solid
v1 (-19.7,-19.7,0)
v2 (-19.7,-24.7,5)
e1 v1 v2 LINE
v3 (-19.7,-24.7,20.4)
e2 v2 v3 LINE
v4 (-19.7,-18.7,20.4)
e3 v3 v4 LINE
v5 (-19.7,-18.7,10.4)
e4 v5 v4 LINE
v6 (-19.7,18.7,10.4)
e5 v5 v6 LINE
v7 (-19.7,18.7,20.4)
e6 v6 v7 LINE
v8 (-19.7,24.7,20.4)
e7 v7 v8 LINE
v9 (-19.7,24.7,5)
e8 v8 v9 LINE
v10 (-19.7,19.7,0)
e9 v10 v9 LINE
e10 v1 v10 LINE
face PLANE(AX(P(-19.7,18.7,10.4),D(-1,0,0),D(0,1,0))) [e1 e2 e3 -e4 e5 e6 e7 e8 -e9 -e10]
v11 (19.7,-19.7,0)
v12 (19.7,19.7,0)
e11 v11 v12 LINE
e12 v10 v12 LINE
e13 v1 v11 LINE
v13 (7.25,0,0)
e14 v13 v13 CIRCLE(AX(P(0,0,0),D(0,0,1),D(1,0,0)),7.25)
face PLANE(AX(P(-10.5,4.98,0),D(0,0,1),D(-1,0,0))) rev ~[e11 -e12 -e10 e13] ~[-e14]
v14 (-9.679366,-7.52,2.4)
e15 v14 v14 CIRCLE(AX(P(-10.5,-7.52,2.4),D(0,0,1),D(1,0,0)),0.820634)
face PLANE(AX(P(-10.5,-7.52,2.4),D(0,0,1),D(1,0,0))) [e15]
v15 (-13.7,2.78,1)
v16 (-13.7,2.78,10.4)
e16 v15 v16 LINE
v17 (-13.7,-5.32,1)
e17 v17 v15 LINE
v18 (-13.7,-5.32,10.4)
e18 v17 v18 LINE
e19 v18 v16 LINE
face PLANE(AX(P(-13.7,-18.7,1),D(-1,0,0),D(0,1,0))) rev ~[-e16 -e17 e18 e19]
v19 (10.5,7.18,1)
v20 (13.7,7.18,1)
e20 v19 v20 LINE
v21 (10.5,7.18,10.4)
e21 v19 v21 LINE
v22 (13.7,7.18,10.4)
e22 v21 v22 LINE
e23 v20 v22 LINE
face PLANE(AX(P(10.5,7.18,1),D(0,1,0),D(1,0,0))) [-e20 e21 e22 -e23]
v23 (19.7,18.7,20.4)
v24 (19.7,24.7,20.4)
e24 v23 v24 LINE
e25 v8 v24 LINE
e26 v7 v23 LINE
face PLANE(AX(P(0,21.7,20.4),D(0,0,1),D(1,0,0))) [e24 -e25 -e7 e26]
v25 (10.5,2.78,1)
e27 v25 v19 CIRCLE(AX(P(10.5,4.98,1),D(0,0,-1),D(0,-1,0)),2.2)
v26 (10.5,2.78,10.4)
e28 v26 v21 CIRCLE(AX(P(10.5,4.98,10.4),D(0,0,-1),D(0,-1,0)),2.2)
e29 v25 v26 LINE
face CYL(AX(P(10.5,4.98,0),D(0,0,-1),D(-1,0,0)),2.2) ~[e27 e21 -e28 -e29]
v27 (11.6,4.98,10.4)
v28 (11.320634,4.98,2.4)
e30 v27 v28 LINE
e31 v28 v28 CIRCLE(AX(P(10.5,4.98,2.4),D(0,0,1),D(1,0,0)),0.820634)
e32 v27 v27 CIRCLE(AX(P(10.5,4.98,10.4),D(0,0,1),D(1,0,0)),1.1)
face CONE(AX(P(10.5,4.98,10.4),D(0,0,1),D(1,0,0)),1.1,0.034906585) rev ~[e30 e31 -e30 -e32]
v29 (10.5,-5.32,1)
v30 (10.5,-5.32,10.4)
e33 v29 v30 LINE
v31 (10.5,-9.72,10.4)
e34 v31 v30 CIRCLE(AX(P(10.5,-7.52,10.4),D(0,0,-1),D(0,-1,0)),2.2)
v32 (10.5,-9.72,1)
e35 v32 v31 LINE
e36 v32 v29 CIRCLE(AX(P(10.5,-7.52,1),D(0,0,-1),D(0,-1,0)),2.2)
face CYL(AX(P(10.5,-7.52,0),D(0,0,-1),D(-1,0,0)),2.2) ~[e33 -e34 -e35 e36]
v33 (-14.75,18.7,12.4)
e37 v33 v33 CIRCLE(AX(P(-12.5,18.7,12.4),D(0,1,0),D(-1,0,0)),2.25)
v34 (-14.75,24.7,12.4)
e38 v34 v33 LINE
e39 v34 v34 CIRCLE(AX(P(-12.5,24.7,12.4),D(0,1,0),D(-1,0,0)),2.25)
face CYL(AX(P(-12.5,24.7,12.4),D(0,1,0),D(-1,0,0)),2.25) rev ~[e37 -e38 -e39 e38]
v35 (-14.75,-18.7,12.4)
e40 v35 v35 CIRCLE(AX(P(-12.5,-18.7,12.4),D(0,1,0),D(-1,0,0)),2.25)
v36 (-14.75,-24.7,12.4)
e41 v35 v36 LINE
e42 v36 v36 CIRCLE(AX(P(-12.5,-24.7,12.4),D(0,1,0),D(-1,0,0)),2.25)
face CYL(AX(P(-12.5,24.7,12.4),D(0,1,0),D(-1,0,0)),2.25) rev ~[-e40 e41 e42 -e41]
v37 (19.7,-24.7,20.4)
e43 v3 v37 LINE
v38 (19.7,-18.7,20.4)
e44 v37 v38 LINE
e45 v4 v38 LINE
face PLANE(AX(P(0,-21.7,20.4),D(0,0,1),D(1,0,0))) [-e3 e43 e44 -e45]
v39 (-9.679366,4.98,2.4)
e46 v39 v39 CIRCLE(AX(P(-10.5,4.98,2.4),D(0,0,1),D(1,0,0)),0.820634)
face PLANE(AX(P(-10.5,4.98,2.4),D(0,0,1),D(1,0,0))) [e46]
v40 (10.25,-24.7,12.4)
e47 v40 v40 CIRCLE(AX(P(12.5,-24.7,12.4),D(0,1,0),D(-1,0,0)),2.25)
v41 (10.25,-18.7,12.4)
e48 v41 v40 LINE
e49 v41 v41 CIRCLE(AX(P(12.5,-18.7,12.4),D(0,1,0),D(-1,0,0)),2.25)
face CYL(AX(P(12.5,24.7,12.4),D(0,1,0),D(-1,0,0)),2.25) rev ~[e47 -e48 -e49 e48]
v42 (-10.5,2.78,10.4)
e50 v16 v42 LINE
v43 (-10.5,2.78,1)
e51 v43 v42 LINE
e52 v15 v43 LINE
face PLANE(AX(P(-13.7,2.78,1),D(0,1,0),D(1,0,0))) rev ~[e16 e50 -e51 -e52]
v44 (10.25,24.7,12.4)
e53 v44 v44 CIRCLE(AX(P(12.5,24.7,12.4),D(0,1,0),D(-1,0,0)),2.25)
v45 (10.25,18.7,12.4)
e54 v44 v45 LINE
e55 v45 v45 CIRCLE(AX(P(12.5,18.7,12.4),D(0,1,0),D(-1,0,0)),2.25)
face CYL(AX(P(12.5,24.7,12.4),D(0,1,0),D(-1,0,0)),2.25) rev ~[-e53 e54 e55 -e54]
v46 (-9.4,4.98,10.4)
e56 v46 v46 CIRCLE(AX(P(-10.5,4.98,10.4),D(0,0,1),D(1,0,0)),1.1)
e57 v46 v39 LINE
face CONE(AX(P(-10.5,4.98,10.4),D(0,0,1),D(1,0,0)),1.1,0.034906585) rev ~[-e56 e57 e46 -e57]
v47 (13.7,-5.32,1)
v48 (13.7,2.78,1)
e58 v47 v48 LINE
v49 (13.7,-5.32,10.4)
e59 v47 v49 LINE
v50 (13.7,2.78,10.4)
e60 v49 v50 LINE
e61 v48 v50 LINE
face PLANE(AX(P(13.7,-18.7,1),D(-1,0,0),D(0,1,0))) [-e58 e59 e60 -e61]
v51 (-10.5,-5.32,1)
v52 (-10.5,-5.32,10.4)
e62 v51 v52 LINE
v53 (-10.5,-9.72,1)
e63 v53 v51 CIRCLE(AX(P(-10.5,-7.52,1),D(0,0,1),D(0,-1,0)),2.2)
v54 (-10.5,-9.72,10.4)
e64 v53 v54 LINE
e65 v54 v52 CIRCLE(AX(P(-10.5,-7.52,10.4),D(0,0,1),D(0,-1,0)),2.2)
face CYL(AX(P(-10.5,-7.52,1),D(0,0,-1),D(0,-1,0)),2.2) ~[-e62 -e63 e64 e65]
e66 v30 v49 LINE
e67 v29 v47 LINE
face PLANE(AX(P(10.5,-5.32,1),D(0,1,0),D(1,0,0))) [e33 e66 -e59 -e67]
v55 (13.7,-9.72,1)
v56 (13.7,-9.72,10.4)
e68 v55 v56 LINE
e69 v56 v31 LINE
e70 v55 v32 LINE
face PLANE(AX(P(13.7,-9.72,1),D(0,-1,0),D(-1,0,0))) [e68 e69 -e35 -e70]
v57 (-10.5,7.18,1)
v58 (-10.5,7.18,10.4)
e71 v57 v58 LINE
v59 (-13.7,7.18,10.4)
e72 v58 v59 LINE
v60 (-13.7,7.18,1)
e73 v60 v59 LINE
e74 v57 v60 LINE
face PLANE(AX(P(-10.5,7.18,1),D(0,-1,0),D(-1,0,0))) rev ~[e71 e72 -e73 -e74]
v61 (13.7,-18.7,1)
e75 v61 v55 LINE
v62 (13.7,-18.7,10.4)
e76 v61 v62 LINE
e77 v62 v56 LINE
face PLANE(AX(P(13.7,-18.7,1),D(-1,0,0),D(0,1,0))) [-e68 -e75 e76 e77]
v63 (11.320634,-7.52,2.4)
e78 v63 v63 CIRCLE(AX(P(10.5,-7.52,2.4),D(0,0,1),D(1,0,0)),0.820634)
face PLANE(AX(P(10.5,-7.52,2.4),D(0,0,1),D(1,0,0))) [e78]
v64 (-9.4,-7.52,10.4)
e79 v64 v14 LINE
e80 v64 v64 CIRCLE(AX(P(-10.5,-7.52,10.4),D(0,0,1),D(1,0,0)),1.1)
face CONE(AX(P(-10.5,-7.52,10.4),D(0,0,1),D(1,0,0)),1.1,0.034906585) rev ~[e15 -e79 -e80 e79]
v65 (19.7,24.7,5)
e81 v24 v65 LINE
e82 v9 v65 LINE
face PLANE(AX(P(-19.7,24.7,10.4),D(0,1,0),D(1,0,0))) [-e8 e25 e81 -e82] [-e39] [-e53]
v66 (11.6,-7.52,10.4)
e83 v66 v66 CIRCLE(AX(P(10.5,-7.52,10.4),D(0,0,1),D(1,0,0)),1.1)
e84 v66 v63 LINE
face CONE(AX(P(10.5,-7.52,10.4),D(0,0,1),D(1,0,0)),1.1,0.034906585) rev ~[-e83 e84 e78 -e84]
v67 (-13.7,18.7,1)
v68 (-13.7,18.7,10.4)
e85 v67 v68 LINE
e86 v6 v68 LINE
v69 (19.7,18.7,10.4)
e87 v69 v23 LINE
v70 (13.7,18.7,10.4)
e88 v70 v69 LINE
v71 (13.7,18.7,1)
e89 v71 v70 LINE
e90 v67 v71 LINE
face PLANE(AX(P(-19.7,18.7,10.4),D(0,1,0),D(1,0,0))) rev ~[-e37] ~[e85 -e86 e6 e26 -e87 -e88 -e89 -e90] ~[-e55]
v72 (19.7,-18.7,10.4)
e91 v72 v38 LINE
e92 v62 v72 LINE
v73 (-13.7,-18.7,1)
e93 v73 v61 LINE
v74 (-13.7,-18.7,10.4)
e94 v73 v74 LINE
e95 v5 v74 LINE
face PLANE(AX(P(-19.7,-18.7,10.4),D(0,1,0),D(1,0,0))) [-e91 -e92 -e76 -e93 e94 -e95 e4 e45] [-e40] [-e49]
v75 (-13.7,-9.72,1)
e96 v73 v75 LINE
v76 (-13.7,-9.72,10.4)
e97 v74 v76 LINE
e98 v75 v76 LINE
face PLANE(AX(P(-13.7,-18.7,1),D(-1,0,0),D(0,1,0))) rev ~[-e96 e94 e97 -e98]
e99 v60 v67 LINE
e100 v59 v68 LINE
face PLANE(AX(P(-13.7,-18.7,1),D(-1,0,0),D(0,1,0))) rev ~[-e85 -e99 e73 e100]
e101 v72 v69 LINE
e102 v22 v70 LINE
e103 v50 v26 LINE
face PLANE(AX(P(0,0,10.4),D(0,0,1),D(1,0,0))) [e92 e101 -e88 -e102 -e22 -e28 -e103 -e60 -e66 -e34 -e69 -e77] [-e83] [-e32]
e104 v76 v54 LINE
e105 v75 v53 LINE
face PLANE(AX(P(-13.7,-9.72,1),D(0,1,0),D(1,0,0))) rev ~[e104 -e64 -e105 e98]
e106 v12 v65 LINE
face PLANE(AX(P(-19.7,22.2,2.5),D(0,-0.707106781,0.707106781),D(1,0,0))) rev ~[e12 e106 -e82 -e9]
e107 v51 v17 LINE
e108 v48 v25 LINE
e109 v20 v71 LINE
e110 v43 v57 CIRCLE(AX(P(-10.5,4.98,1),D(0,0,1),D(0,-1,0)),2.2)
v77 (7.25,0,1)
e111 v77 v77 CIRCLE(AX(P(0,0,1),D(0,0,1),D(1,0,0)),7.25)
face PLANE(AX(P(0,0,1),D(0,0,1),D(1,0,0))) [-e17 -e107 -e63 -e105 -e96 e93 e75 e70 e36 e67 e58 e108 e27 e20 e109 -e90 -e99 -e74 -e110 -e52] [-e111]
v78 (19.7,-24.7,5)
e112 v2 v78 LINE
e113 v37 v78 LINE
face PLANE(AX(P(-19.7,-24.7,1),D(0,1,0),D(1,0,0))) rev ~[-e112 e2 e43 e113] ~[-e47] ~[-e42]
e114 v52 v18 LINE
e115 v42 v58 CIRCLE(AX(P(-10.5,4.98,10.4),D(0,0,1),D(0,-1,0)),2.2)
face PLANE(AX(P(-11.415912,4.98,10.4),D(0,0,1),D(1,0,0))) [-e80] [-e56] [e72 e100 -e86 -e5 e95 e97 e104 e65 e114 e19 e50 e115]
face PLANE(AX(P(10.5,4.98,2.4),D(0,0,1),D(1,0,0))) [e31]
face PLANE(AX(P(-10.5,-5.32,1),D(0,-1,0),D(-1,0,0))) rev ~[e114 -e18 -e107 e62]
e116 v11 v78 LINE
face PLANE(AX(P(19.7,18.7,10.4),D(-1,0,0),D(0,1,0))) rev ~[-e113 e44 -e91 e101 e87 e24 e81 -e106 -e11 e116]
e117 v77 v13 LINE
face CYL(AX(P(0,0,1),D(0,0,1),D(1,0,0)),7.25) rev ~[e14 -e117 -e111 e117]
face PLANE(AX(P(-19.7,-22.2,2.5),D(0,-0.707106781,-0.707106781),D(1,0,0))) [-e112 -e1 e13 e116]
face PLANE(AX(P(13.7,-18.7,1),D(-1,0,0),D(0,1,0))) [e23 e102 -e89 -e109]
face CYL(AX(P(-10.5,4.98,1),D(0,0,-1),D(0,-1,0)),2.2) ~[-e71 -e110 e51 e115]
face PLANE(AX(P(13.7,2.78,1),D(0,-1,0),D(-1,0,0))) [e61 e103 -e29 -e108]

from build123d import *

# Parameters (mm, degrees)
SKETCH1_W                    = 39.4
SKETCH1_H                    = 49.4
BOSS_EXTRUDE1_DEPTH          = 1
SKETCH2_R                    = 7.25
CUT_EXTRUDE1_DEPTH           = 32.609808604
BOSS_EXTRUDE2_START          = -1
SKETCH3_R                    = 2.2
SKETCH3_R_2                  = 1
BOSS_EXTRUDE2_DEPTH          = 10.4
SKETCH4_W                    = 39.4
SKETCH4_H                    = 49.4
SKETCH4_W_2                  = 27.4
SKETCH4_H_2                  = 37.4
BOSS_EXTRUDE4_DEPTH          = 9.4
SKETCH5_W                    = 39.4
SKETCH5_H                    = 6
BOSS_EXTRUDE5_DEPTH          = 10
SKETCH6_R                    = 1.65
CUT_EXTRUDE3_DEPTH           = 57.961478211
SKETCH7_R                    = 2.25
CUT_EXTRUDE4_DEPTH           = 57.961478211
BOSS_EXTRUDE6_START          = -9.4
BOSS_EXTRUDE6_DEPTH          = 9.4
SKETCH9_R                    = 1.1
CUT_EXTRUDE5_DEPTH           = 8
CUT_EXTRUDE5_DRAFT           = -2
CUT_EXTRUDE5_PROFILE_2_DEPTH = 8
CUT_EXTRUDE5_PROFILE_2_DRAFT = -2
CUT_EXTRUDE5_PROFILE_3_DEPTH = 8
CUT_EXTRUDE5_PROFILE_3_DRAFT = -2
CUT_EXTRUDE5_PROFILE_4_DEPTH = 8
CUT_EXTRUDE5_PROFILE_4_DRAFT = -2
CHAMFER1_SIZE                = 5


with BuildPart() as part:
    # Sketch1 → Boss-Extrude1 (new body)
    with BuildSketch(Plane.XY):
        Rectangle(SKETCH1_W, SKETCH1_H)
    extrude(amount=BOSS_EXTRUDE1_DEPTH)

    # Sketch2 → Cut-Extrude1 (cut, through all)
    with BuildSketch(Plane.XY.offset(1)):
        Circle(SKETCH2_R)
    extrude(amount=-CUT_EXTRUDE1_DEPTH, mode=Mode.SUBTRACT)

    # Sketch3 → Boss-Extrude2 (add)
    # profile 1 of 4: a face of its own
    with BuildSketch(Plane.XY.offset(1).offset(BOSS_EXTRUDE2_START)):
        with Locations(Location((-10.5, 4.98, 0), (0, 0, 180))):
            Circle(SKETCH3_R)
        with Locations(Location((-10.5, 4.98, 0), (0, 0, 180))):
            Circle(SKETCH3_R_2, mode=Mode.SUBTRACT)
    # profile 2 of 4: a face of its own
    with BuildSketch(Plane.XY.offset(1).offset(BOSS_EXTRUDE2_START)):
        with Locations(Location((-10.5, -7.52, 0), (0, 0, 180))):
            Circle(SKETCH3_R)
        with Locations(Location((-10.5, -7.52, 0), (0, 0, 180))):
            Circle(SKETCH3_R_2, mode=Mode.SUBTRACT)
    # profile 3 of 4: a face of its own
    with BuildSketch(Plane.XY.offset(1).offset(BOSS_EXTRUDE2_START)):
        with Locations(Location((10.5, -7.52, 0), (0, 0, 180))):
            Circle(SKETCH3_R)
        with Locations(Location((10.5, -7.52, 0), (0, 0, 180))):
            Circle(SKETCH3_R_2, mode=Mode.SUBTRACT)
    # profile 4 of 4: a face of its own
    with BuildSketch(Plane.XY.offset(1).offset(BOSS_EXTRUDE2_START)):
        with Locations(Location((10.5, 4.98, 0), (0, 0, 180))):
            Circle(SKETCH3_R)
        with Locations(Location((10.5, 4.98, 0), (0, 0, 180))):
            Circle(SKETCH3_R_2, mode=Mode.SUBTRACT)
    extrude(amount=BOSS_EXTRUDE2_DEPTH)

    # Sketch4 → Boss-Extrude4 (add)
    with BuildSketch(Plane.XY.offset(1)):
        Rectangle(SKETCH4_W, SKETCH4_H)
        Rectangle(SKETCH4_W_2, SKETCH4_H_2, mode=Mode.SUBTRACT)
    extrude(amount=BOSS_EXTRUDE4_DEPTH)

    # Sketch5 → Boss-Extrude5 (add)
    with BuildSketch(Plane.XY.offset(10.4)):
        with Locations((0, 21.7)):
            Rectangle(SKETCH5_W, SKETCH5_H)
        with Locations((0, -21.7)):
            Rectangle(SKETCH5_W, SKETCH5_H)
    extrude(amount=BOSS_EXTRUDE5_DEPTH)

    # Sketch6 → Cut-Extrude3 (cut, through all)
    with BuildSketch(Plane(origin=(0, 24.7, 0), x_dir=(1, 0, 0), z_dir=(0, 1, 0))):
        with Locations(Location((-12.5, -12.4, 0), (0, 0, 180))):
            Circle(SKETCH6_R)
        with Locations(Location((12.5, -12.4, 0), (0, 0, 180))):
            Circle(SKETCH6_R)
    extrude(amount=-CUT_EXTRUDE3_DEPTH, mode=Mode.SUBTRACT)

    # Sketch7 → Cut-Extrude4 (cut, through all)
    with BuildSketch(Plane(origin=(0, 24.7, 0), x_dir=(1, 0, 0), z_dir=(0, 1, 0))):
        with Locations(Location((12.5, -12.4, 0), (0, 0, 180))):
            Circle(SKETCH7_R)
        with Locations(Location((-12.5, -12.4, 0), (0, 0, 180))):
            Circle(SKETCH7_R)
    extrude(amount=-CUT_EXTRUDE4_DEPTH, mode=Mode.SUBTRACT)

    # Sketch8 → Boss-Extrude6 (add)
    with BuildSketch(Plane.XY.offset(10.4).offset(BOSS_EXTRUDE6_START)):
        with BuildLine():
            Line((-10.5, 7.18), (-13.7, 7.18))
            Line((-13.7, 7.18), (-13.7, 2.78))
            Line((-13.7, 2.78), (-10.5, 2.78))
            ThreePointArc((-10.5, 2.78), (-8.3, 4.98), (-10.5, 7.18))
        make_face()
        with BuildLine():
            Line((-10.5, -5.32), (-13.7, -5.32))
            Line((-13.7, -5.32), (-13.7, -9.72))
            Line((-13.7, -9.72), (-10.5, -9.72))
            ThreePointArc((-10.5, -9.72), (-8.3, -7.52), (-10.5, -5.32))
        make_face()
        with BuildLine():
            Line((10.5, 7.18), (13.7, 7.18))
            Line((13.7, 7.18), (13.7, 2.78))
            Line((13.7, 2.78), (10.5, 2.78))
            ThreePointArc((10.5, 2.78), (8.3, 4.98), (10.5, 7.18))
        make_face()
        with BuildLine():
            Line((10.5, -5.32), (13.7, -5.32))
            Line((13.7, -5.32), (13.7, -9.72))
            Line((13.7, -9.72), (10.5, -9.72))
            ThreePointArc((10.5, -9.72), (8.3, -7.52), (10.5, -5.32))
        make_face()
    extrude(amount=BOSS_EXTRUDE6_DEPTH)


with BuildPart() as cut_extrude5_tool:
    # Sketch9 → Cut-Extrude5 (with draft: the straight prism first)
    with BuildSketch(Plane.XY.offset(10.4)):
        with Locations((-10.5, 4.98)):
            Circle(SKETCH9_R)
    extrude(amount=-CUT_EXTRUDE5_DEPTH)
    # Cut-Extrude5: the draft: its side faces are tilted about the plane it starts from
    cut_extrude5_sides = [cut_extrude5_tool.faces().sort_by_distance(p)[0] for p in [
        (-11.6, 4.98, 6.4),
    ]]
    draft(cut_extrude5_sides, Plane.XY.offset(10.4), CUT_EXTRUDE5_DRAFT)


with BuildPart() as part_1:
    add(part.part)

    # Cut-Extrude5: cut by cut_extrude5_tool
    add(cut_extrude5_tool.part, mode=Mode.SUBTRACT)


with BuildPart() as cut_extrude5_profile_2_tool:
    # Sketch9 → Cut-Extrude5 profile 2 (with draft: the straight prism first)
    with BuildSketch(Plane.XY.offset(10.4)):
        with Locations((10.5, 4.98)):
            Circle(SKETCH9_R)
    extrude(amount=-CUT_EXTRUDE5_PROFILE_2_DEPTH)
    # Cut-Extrude5 profile 2: the draft: its side faces are tilted about the plane it starts from
    cut_extrude5_profile_2_sides = [cut_extrude5_profile_2_tool.faces().sort_by_distance(p)[0] for p in [
        (9.4, 4.98, 6.4),
    ]]
    draft(cut_extrude5_profile_2_sides, Plane.XY.offset(10.4), CUT_EXTRUDE5_PROFILE_2_DRAFT)


with BuildPart() as part_2:
    add(part_1.part)

    # Cut-Extrude5 profile 2: cut by cut_extrude5_profile_2_tool
    add(cut_extrude5_profile_2_tool.part, mode=Mode.SUBTRACT)


with BuildPart() as cut_extrude5_profile_3_tool:
    # Sketch9 → Cut-Extrude5 profile 3 (with draft: the straight prism first)
    with BuildSketch(Plane.XY.offset(10.4)):
        with Locations((10.5, -7.52)):
            Circle(SKETCH9_R)
    extrude(amount=-CUT_EXTRUDE5_PROFILE_3_DEPTH)
    # Cut-Extrude5 profile 3: the draft: its side faces are tilted about the plane it starts from
    cut_extrude5_profile_3_sides = [cut_extrude5_profile_3_tool.faces().sort_by_distance(p)[0] for p in [
        (9.4, -7.52, 6.4),
    ]]
    draft(cut_extrude5_profile_3_sides, Plane.XY.offset(10.4), CUT_EXTRUDE5_PROFILE_3_DRAFT)


with BuildPart() as part_3:
    add(part_2.part)

    # Cut-Extrude5 profile 3: cut by cut_extrude5_profile_3_tool
    add(cut_extrude5_profile_3_tool.part, mode=Mode.SUBTRACT)


with BuildPart() as cut_extrude5_profile_4_tool:
    # Sketch9 → Cut-Extrude5 profile 4 (with draft: the straight prism first)
    with BuildSketch(Plane.XY.offset(10.4)):
        with Locations((-10.5, -7.52)):
            Circle(SKETCH9_R)
    extrude(amount=-CUT_EXTRUDE5_PROFILE_4_DEPTH)
    # Cut-Extrude5 profile 4: the draft: its side faces are tilted about the plane it starts from
    cut_extrude5_profile_4_sides = [cut_extrude5_profile_4_tool.faces().sort_by_distance(p)[0] for p in [
        (-11.6, -7.52, 6.4),
    ]]
    draft(cut_extrude5_profile_4_sides, Plane.XY.offset(10.4), CUT_EXTRUDE5_PROFILE_4_DRAFT)


with BuildPart() as part_4:
    add(part_3.part)

    # Cut-Extrude5 profile 4: cut by cut_extrude5_profile_4_tool
    add(cut_extrude5_profile_4_tool.part, mode=Mode.SUBTRACT)

    # Chamfer1
    chamfer1_edges = [part_4.edges().sort_by_distance(p)[0] for p in [
        (0, 24.7, 0),
        (0, -24.7, 0),
    ]]
    chamfer(chamfer1_edges, length=CHAMFER1_SIZE)


solid = part_4.part
